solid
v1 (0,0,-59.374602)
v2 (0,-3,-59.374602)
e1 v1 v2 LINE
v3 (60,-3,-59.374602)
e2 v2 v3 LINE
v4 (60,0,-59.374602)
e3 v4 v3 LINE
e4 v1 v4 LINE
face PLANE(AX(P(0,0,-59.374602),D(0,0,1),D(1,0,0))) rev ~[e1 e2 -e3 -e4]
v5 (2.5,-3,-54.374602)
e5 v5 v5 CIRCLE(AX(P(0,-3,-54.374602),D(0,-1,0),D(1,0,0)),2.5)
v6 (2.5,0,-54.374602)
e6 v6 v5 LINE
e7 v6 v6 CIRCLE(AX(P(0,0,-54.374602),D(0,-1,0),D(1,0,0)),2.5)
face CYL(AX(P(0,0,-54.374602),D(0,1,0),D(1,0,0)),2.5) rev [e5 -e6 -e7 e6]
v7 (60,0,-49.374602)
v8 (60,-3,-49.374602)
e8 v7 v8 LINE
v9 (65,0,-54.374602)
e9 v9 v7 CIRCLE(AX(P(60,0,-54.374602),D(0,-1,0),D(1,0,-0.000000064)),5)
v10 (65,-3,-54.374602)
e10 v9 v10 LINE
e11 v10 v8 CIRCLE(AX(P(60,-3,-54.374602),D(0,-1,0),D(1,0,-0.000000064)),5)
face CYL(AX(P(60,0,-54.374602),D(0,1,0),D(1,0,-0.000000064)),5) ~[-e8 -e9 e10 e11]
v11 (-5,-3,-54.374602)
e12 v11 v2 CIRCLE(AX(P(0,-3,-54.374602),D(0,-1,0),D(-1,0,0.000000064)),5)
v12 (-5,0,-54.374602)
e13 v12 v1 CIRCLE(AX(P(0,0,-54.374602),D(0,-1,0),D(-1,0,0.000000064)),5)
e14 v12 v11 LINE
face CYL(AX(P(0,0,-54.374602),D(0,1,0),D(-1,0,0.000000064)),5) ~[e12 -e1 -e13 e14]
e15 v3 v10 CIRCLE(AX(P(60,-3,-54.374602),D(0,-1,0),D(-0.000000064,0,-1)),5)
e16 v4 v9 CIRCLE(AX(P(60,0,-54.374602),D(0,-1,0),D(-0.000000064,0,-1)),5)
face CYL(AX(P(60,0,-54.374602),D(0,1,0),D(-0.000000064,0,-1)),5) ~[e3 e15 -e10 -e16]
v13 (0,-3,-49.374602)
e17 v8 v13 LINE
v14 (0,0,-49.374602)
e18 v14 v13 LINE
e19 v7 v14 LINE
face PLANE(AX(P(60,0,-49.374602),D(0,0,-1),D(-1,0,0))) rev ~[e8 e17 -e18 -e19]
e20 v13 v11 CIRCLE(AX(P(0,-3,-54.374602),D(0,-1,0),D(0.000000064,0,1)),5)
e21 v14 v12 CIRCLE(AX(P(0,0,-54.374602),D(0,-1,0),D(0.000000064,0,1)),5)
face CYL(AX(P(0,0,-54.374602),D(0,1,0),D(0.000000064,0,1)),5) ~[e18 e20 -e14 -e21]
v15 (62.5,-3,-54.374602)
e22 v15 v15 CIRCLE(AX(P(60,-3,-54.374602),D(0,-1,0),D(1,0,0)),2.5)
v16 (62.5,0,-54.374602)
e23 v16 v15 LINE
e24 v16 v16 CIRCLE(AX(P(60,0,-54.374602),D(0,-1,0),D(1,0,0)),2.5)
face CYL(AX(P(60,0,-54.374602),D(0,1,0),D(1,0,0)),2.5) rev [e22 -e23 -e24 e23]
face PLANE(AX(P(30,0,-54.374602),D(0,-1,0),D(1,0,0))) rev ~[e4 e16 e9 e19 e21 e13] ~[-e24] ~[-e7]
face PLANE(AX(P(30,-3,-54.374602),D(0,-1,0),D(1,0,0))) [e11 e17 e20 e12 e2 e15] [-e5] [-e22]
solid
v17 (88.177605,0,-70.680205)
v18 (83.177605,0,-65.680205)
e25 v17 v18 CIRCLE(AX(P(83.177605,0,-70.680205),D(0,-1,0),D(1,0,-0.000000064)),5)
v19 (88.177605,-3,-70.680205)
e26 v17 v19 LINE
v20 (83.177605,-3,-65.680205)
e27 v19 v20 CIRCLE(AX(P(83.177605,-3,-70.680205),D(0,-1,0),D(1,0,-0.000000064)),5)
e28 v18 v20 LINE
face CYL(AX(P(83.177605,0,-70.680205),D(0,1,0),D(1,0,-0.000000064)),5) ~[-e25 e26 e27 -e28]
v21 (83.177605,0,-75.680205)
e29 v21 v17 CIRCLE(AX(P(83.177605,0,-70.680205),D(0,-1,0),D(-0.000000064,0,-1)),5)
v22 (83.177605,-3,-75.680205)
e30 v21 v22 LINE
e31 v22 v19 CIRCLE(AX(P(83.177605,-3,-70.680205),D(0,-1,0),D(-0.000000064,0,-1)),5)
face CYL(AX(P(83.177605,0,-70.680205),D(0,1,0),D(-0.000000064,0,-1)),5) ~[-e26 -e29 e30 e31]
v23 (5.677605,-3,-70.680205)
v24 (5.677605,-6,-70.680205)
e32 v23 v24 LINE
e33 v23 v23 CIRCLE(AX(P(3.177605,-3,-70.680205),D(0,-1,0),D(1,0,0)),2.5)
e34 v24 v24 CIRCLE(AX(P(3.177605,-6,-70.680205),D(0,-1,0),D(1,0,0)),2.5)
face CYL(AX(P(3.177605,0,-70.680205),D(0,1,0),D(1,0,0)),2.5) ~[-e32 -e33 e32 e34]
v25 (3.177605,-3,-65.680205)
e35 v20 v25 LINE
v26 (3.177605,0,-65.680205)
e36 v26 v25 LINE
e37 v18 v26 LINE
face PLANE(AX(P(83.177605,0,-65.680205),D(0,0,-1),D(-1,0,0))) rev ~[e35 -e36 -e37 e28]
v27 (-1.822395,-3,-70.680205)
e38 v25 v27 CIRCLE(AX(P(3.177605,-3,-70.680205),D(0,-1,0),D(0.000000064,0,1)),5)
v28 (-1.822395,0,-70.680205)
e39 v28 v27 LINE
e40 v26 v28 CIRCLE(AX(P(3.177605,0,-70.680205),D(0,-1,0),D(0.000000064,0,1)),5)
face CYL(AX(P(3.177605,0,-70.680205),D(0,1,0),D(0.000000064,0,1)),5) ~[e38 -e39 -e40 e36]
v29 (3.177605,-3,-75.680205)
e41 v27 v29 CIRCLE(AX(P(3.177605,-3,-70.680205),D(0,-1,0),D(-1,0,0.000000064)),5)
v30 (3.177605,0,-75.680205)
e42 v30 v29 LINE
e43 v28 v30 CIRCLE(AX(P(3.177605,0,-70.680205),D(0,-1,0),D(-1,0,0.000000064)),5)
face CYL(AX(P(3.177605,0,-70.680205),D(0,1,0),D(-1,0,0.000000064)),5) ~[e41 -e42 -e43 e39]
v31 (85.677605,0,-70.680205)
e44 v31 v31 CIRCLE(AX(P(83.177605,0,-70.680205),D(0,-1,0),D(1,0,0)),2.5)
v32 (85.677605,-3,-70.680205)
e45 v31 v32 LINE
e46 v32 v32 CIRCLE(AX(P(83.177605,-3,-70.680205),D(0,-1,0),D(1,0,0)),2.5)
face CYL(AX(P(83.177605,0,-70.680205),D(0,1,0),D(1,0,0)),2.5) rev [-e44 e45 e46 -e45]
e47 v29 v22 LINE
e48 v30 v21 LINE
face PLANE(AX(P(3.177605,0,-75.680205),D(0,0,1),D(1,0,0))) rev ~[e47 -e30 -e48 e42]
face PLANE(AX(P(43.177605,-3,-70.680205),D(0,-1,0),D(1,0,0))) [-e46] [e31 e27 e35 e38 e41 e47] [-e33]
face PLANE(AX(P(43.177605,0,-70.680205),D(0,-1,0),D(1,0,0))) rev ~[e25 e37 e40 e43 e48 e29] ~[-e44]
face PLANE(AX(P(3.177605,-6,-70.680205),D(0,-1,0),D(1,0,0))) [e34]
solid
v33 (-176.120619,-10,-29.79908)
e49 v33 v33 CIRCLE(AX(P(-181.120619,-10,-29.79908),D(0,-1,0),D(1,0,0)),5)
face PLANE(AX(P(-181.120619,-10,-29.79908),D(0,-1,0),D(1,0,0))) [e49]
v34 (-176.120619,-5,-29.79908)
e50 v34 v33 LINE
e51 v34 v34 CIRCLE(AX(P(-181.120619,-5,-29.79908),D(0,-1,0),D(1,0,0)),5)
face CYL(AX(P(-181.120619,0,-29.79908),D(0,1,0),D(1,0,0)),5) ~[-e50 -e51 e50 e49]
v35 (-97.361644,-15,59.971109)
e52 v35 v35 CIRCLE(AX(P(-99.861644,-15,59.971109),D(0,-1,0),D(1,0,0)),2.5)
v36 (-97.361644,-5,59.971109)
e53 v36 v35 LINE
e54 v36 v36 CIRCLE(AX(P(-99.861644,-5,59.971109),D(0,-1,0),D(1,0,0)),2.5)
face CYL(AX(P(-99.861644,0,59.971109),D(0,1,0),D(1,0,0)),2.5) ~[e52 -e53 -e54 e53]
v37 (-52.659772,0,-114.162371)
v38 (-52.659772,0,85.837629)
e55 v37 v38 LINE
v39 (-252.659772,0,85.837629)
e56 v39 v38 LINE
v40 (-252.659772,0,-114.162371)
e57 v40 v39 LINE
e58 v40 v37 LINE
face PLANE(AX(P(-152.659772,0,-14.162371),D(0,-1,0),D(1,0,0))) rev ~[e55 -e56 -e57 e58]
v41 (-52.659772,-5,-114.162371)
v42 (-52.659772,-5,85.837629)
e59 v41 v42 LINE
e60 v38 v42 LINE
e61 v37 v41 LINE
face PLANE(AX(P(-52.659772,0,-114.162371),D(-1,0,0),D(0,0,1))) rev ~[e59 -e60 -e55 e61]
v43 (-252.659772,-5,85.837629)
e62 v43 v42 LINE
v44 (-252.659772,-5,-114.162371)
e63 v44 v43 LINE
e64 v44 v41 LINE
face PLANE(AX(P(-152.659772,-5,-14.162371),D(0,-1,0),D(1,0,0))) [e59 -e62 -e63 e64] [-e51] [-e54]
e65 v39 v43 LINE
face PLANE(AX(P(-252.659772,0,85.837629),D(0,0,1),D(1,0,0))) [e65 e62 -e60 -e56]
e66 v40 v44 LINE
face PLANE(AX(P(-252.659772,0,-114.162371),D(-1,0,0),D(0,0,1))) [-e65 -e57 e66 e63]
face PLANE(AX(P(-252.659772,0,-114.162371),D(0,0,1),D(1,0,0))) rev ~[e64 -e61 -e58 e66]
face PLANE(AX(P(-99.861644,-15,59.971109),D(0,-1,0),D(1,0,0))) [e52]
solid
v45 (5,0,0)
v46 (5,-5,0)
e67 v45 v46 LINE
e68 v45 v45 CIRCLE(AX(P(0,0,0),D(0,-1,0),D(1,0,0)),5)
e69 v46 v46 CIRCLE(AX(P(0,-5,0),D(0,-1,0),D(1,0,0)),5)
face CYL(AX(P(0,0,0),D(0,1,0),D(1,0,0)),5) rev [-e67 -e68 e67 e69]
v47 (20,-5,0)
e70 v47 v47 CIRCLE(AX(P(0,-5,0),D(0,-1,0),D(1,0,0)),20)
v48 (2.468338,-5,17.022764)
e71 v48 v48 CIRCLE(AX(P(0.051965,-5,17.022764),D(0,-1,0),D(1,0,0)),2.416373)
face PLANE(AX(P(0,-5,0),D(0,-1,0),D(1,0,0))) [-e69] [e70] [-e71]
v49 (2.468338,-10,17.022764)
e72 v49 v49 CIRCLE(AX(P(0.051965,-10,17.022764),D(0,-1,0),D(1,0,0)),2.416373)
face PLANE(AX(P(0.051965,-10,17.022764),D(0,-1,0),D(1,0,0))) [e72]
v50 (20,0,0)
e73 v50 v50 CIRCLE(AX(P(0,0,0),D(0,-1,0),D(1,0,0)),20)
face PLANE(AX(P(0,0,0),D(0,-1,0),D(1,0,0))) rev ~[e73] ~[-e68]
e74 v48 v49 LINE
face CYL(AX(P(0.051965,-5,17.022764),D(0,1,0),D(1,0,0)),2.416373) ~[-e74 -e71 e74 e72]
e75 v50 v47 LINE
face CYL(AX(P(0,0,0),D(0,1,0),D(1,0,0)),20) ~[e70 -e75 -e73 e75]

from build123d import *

# Parameters (mm, degrees)
F0_R      = 20
F0_R_2    = 5
F1_DEPTH  = 5
F2_W      = 200
F2_H      = 200
F2_R      = 5
F2_R_2    = 2.5
F3_DEPTH  = 5
F4_DEPTH  = 10
F5_R      = 2.416373
F6_DEPTH  = 5
F7_R      = 2.5
F9_DEPTH  = 3
F8_R      = 2.5
F10_DEPTH = 3
F11_DEPTH = 6
F12_DEPTH = 15


with BuildPart() as f1:
    # F0 (on Front) → F1 (new body)
    with BuildSketch(Plane.XZ):
        Circle(F0_R)
        Circle(F0_R_2, mode=Mode.SUBTRACT)
    extrude(amount=F1_DEPTH)

    # F5 (on face) → F6 (join)
    with BuildSketch(Plane.XZ.offset(5)):
        with Locations((0.051965, 17.022764)):
            Circle(F5_R)
    extrude(amount=F6_DEPTH)


with BuildPart() as f3:
    # F2 (on Front) → F3 (new body)
    with BuildSketch(Plane.XZ):
        with Locations((-152.659772, -14.162371)):
            Rectangle(F2_W, F2_H)
        with Locations((-181.120619, -29.79908)):
            Circle(F2_R, mode=Mode.SUBTRACT)
        with Locations((-99.861644, 59.971109)):
            Circle(F2_R_2, mode=Mode.SUBTRACT)
    extrude(amount=F3_DEPTH)

    # F2 (on Front) → F4 (join)
    with BuildSketch(Plane.XZ):
        with Locations((-181.120619, -29.79908)):
            Circle(F2_R)
    extrude(amount=F4_DEPTH)

    # F2 (on Front) → F12 (join)
    with BuildSketch(Plane.XZ):
        with Locations((-99.861644, 59.971109)):
            Circle(F2_R_2)
    extrude(amount=F12_DEPTH)


with BuildPart() as f9:
    # F7 (on Front) → F9 (new body)
    with BuildSketch(Plane.XZ):
        with BuildLine():
            Line((60, -49.374602), (0, -49.374602))
            ThreePointArc((0, -49.374602), (-3.535534, -50.839068), (-5, -54.374602))
            ThreePointArc((-5, -54.374602), (-3.535534, -57.910136), (0, -59.374602))
            Line((0, -59.374602), (60, -59.374602))
            ThreePointArc((60, -59.374602), (63.535534, -57.910136), (65, -54.374602))
            ThreePointArc((65, -54.374602), (63.535534, -50.839068), (60, -49.374602))
        make_face()
        with Locations((0, -54.374602)):
            Circle(F7_R, mode=Mode.SUBTRACT)
        with Locations((60, -54.374602)):
            Circle(F7_R, mode=Mode.SUBTRACT)
    extrude(amount=F9_DEPTH)


with BuildPart() as f10:
    # F8 (on Front) → F10 (new body)
    with BuildSketch(Plane.XZ):
        with BuildLine():
            Line((83.177605, -65.680205), (3.177605, -65.680205))
            ThreePointArc((3.177605, -65.680205), (-0.357929, -67.144671), (-1.822395, -70.680205))
            ThreePointArc((-1.822395, -70.680205), (-0.357929, -74.215739), (3.177605, -75.680205))
            Line((3.177605, -75.680205), (83.177605, -75.680205))
            ThreePointArc((83.177605, -75.680205), (86.713139, -74.215739), (88.177605, -70.680205))
            ThreePointArc((88.177605, -70.680205), (86.713139, -67.144671), (83.177605, -65.680205))
        make_face()
        with Locations((3.177605, -70.680205)):
            Circle(F8_R, mode=Mode.SUBTRACT)
        with Locations((83.177605, -70.680205)):
            Circle(F8_R, mode=Mode.SUBTRACT)
    extrude(amount=F10_DEPTH)

    # F8 (on Front) → F11 (join)
    with BuildSketch(Plane.XZ):
        with Locations((3.177605, -70.680205)):
            Circle(F8_R)
    extrude(amount=F11_DEPTH)


solid = Compound([f1.part, f3.part, f9.part, f10.part])
